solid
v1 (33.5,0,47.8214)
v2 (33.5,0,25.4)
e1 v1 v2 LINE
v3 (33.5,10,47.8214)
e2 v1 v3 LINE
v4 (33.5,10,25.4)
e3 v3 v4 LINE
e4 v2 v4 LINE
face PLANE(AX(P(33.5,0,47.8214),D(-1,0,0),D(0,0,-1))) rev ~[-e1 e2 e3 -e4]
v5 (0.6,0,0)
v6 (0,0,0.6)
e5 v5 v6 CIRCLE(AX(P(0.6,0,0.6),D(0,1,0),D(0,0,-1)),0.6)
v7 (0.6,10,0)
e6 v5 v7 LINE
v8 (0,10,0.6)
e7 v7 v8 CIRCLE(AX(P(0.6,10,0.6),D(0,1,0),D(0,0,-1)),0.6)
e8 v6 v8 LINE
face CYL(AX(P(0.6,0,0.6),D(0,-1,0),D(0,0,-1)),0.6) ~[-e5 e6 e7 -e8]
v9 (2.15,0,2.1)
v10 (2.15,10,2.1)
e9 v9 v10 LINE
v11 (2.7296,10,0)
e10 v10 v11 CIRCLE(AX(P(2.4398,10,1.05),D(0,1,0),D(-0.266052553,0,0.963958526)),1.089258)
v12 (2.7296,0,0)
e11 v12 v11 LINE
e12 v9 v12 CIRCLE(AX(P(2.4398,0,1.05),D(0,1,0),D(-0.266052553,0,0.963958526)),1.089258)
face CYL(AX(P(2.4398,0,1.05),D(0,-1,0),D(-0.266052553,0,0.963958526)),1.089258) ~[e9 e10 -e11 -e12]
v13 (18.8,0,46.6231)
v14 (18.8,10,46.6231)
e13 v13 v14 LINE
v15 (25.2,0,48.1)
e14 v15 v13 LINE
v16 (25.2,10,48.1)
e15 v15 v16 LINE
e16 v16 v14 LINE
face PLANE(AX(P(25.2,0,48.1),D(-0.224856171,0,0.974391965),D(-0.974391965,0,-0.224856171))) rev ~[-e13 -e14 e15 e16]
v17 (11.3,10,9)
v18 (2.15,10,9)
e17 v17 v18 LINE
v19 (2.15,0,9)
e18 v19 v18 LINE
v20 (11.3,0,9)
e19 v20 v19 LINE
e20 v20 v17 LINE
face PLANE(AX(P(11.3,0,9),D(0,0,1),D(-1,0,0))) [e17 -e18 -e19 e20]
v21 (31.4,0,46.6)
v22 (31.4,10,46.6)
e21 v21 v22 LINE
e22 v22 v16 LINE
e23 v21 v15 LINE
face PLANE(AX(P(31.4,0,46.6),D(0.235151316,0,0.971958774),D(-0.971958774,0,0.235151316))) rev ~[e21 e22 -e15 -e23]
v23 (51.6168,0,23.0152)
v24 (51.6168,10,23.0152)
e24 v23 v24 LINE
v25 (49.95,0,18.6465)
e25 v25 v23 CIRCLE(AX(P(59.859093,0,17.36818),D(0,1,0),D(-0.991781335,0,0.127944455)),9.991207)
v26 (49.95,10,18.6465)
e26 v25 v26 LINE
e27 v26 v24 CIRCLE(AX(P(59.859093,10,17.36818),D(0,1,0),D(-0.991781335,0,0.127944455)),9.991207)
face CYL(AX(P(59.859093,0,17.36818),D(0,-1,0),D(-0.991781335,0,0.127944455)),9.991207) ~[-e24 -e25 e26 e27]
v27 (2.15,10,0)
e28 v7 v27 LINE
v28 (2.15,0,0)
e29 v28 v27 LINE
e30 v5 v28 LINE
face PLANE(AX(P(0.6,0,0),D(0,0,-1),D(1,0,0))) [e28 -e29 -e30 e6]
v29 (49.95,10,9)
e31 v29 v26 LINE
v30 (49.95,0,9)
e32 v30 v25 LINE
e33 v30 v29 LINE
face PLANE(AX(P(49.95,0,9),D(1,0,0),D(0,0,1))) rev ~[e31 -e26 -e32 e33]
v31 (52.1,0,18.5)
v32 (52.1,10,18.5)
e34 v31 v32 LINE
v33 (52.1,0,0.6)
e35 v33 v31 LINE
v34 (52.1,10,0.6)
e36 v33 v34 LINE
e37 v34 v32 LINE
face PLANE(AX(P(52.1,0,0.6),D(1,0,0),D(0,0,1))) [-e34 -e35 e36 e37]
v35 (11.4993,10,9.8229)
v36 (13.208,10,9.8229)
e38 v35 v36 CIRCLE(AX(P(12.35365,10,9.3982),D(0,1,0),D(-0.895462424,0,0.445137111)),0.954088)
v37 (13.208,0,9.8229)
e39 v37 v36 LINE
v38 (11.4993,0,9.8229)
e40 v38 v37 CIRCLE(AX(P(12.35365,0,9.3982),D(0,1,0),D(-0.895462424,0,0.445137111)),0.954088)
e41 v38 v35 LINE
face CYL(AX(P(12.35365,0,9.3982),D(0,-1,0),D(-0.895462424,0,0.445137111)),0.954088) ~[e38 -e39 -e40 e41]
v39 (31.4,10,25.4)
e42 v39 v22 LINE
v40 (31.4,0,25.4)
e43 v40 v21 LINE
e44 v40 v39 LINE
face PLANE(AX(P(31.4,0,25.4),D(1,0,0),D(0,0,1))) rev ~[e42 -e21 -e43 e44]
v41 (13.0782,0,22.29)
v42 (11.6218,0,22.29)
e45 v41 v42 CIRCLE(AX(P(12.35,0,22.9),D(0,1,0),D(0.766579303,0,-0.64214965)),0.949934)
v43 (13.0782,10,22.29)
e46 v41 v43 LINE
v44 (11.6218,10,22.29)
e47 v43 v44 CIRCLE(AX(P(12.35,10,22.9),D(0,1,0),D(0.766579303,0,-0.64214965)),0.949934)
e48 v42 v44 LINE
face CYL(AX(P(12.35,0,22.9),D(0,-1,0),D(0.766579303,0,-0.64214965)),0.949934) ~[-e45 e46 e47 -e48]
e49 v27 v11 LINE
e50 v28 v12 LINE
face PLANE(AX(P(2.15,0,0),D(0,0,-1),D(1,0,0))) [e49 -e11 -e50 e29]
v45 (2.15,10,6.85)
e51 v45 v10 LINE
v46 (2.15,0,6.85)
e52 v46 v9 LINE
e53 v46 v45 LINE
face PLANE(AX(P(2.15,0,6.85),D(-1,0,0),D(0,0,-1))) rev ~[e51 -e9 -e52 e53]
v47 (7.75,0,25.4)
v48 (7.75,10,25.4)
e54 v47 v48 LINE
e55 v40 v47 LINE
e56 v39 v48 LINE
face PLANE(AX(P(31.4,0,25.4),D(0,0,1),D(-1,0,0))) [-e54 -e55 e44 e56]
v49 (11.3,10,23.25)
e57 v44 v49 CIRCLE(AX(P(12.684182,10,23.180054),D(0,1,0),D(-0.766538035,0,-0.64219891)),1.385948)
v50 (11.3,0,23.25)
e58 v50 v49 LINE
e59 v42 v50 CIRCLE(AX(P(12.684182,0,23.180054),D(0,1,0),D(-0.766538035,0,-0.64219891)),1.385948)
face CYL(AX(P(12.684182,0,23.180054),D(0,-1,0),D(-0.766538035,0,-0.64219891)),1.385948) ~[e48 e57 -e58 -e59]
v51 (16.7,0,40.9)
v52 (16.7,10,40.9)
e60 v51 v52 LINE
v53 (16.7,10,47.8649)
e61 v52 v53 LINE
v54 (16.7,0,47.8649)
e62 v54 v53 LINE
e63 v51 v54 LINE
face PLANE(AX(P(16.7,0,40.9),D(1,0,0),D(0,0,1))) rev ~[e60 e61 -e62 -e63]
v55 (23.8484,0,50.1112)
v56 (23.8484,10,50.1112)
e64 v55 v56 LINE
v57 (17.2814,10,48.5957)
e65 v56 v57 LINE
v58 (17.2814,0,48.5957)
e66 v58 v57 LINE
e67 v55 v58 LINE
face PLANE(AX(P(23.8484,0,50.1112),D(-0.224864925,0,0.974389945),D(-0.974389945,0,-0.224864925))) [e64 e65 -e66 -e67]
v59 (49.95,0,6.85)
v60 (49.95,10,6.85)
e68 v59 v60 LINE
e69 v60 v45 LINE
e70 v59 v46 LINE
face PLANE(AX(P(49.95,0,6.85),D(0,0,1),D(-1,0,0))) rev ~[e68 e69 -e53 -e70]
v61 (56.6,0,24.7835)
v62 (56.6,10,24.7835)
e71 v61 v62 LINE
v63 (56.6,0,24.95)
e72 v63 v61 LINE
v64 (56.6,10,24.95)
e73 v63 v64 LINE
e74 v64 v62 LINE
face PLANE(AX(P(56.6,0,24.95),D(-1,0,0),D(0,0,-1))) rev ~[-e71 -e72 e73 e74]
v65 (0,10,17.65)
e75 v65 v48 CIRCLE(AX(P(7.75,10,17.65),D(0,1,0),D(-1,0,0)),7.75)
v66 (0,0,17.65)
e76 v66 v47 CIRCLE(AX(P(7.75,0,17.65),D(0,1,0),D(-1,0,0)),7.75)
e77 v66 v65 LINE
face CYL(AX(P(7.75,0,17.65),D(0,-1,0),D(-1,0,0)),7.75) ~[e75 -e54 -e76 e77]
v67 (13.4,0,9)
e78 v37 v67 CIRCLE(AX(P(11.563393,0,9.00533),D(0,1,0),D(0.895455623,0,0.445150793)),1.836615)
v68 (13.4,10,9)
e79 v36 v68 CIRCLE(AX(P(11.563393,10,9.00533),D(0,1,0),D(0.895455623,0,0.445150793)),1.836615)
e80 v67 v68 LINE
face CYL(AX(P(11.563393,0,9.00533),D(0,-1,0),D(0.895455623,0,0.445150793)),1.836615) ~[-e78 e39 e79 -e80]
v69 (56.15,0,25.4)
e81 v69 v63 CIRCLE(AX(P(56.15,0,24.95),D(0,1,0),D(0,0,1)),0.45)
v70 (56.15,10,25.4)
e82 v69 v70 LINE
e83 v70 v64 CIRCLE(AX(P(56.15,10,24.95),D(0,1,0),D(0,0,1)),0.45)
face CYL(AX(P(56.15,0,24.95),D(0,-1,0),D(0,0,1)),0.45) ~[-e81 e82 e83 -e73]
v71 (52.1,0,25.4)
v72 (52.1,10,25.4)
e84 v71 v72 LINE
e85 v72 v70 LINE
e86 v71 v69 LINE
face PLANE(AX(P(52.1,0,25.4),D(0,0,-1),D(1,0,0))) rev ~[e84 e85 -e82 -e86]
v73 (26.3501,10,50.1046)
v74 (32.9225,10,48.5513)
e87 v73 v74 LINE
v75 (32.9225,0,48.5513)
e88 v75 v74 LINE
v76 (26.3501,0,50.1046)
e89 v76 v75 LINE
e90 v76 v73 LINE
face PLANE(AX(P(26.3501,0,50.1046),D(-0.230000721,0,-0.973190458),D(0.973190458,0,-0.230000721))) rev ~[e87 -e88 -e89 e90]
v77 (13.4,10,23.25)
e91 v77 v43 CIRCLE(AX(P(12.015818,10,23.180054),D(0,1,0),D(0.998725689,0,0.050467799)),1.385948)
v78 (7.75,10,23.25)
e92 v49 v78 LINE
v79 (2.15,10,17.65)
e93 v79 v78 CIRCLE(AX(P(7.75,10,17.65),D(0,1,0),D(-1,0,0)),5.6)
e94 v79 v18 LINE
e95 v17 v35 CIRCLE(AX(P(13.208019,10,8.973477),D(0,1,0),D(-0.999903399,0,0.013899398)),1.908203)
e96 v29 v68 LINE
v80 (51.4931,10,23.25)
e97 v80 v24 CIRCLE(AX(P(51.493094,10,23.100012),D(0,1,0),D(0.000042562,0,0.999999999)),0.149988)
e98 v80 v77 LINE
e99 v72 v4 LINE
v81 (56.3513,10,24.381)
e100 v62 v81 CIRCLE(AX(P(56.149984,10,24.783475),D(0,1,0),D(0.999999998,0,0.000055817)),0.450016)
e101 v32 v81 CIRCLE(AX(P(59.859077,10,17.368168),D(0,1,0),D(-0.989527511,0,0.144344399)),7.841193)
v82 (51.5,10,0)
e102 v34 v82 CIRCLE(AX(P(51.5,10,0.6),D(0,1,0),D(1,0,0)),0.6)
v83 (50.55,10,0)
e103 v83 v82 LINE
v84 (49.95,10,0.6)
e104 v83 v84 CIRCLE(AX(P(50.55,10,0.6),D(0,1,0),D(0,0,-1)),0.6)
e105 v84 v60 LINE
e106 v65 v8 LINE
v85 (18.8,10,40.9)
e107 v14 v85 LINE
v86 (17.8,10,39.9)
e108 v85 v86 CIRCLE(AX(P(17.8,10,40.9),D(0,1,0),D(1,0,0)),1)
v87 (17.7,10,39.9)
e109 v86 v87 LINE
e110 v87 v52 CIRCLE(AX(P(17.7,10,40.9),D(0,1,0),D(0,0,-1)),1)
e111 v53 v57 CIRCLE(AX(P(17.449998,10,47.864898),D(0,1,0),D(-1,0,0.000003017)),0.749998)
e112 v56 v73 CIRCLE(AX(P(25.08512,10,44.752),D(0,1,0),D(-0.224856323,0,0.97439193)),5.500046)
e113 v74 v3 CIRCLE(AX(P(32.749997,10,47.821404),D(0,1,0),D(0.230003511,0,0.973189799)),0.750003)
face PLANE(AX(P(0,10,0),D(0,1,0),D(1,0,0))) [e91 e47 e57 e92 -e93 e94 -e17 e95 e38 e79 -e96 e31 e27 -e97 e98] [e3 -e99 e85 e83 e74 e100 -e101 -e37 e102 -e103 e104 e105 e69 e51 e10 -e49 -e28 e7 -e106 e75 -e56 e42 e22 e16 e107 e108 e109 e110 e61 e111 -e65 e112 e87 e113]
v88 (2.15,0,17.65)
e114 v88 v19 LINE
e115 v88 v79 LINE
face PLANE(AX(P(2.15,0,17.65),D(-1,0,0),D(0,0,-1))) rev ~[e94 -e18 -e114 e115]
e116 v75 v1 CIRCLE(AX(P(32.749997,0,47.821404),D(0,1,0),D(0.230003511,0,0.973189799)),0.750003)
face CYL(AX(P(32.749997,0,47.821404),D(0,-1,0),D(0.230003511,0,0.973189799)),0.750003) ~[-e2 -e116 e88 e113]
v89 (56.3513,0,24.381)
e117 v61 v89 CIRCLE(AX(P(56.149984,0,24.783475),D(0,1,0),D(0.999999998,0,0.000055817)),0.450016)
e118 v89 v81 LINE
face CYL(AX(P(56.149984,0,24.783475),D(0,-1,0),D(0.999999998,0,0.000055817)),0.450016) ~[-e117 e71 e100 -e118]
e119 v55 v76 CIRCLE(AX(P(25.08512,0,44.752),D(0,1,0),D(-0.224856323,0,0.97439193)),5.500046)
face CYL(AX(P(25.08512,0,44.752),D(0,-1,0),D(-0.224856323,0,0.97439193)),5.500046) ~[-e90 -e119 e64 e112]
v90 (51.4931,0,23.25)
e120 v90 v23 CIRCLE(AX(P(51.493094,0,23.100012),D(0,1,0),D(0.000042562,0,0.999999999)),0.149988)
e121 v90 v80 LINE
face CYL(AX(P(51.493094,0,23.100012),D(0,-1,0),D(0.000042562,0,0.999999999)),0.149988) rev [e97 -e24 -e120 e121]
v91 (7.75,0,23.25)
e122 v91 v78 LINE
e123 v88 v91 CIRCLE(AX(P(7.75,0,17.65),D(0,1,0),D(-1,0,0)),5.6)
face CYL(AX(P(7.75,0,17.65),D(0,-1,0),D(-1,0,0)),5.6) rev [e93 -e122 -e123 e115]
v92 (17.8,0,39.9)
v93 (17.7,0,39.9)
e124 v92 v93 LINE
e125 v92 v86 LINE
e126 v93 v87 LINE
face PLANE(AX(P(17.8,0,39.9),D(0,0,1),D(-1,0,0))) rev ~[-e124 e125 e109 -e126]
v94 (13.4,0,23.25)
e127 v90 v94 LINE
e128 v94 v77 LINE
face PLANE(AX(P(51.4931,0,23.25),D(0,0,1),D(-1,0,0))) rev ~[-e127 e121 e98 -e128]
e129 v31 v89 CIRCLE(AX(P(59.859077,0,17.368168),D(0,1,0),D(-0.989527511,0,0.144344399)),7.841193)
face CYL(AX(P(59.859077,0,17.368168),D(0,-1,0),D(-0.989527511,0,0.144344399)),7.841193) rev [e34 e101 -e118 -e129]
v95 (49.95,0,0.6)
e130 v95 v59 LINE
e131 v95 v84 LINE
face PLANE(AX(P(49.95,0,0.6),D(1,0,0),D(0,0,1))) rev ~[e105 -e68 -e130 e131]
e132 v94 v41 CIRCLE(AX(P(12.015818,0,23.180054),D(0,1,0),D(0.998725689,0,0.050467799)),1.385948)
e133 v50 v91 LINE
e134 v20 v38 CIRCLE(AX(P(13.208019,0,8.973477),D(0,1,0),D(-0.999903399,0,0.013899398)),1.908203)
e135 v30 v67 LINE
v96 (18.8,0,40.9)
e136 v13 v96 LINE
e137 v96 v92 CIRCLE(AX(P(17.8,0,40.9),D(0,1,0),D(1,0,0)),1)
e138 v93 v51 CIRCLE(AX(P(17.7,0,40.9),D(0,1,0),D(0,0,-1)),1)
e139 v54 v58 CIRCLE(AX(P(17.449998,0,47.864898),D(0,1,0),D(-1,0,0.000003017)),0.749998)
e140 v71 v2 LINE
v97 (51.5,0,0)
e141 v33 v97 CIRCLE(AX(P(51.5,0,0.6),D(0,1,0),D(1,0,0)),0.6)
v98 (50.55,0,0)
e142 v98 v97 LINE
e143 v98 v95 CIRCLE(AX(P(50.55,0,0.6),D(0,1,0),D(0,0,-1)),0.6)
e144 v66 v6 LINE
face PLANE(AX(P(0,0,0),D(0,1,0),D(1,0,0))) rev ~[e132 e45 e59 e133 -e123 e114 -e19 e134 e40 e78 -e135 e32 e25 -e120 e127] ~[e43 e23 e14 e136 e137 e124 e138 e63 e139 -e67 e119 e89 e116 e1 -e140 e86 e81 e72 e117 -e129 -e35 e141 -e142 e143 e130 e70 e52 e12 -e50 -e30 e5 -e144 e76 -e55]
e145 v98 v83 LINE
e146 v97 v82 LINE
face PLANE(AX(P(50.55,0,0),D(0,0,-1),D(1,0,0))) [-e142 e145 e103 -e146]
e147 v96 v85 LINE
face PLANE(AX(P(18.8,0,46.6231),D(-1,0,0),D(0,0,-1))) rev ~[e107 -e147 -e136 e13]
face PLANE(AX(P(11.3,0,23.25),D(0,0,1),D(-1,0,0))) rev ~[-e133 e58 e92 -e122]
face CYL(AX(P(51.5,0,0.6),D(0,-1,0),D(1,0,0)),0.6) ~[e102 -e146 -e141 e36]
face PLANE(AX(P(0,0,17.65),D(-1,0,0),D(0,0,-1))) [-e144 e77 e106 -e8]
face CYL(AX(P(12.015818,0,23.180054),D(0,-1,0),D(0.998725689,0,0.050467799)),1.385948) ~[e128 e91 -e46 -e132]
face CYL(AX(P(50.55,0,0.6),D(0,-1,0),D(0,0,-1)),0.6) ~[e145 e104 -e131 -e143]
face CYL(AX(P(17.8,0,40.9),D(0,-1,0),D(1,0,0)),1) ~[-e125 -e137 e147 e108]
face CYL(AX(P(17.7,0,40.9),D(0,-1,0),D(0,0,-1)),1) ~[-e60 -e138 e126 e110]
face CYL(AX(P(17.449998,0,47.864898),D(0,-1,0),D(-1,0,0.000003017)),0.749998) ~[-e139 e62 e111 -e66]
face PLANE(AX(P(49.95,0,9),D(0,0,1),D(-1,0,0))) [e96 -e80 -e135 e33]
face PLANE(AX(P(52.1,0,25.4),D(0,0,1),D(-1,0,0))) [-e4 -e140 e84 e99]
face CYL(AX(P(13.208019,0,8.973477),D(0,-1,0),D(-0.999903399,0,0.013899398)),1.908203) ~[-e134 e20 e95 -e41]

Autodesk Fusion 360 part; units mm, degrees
sketch "Boceto1" plane through (0, 0, 0) normal (0, 1, 0) x (1, 0, 0)
  line L0 (52.1, -0.6) -> (52.1, -18.5)
  line L1 (0, -17.65) -> (0, -0.6)
  line L2 (2.15, 0) -> (2.7296, 0)
  line L3 (49.95, -0.6) -> (49.95, -6.85)
  line L4 (49.95, -6.85) -> (2.15, -6.85)
  line L5 (2.15, -6.85) -> (2.15, -2.1)
  arc A0 (2.15, -2.1) -> (2.7296, 0) centre (2.4398, -1.05) ccw
  line L6 (0.6, 0) -> (2.7296, 0)
  line L7 (50.55, 0) -> (51.5, 0)
  arc A1 (0.6, 0) -> (0, -0.6) centre (0.6, -0.6) ccw
  arc A2 (50.55, 0) -> (49.95, -0.6) centre (50.55, -0.6) ccw
  arc A3 (52.1, -0.6) -> (51.5, 0) centre (51.5, -0.6) ccw
  arc A4 (0, -17.65) -> (7.75, -25.4) centre (7.75, -17.65) ccw
  line L8 (52.1, -25.4) -> (56.15, -25.4)
  line L9 (56.6, -24.95) -> (56.6, -24.7835)
  arc A5 (52.1, -18.5) -> (56.3513, -24.381) centre (59.8591, -17.3682) ccw
  arc A6 (56.15, -25.4) -> (56.6, -24.95) centre (56.15, -24.95) ccw
  arc A7 (56.6, -24.7835) -> (56.3513, -24.381) centre (56.15, -24.7835) ccw
  line L10 (2.15, -17.65) -> (2.15, -9)
  arc A8 (2.15, -17.65) -> (7.75, -23.25) centre (7.75, -17.65) ccw
  arc A9 (49.95, -18.6465) -> (51.6168, -23.0152) centre (59.8591, -17.3682) ccw
  line L11 (49.95, -9) -> (49.95, -18.6465)
  arc A10 (51.4931, -23.25) -> (51.6168, -23.0152) centre (51.4931, -23.1) ccw
  arc A11 (11.3, -9) -> (11.4993, -9.8229) centre (13.208, -8.9734) ccw
  line L12 (11.4993, -9.8229) -> (13.208, -9.8229) construction
  arc A12 (13.208, -9.8229) -> (13.4, -9) centre (11.5634, -9.0053) ccw
  arc A13 (11.4993, -9.8229) -> (13.208, -9.8229) centre (12.3537, -9.3982) ccw
  line L13 (49.95, -9) -> (13.4, -9)
  line L14 (11.3, -9) -> (2.15, -9)
  arc A14 (11.6218, -22.29) -> (11.3, -23.25) centre (12.6842, -23.18) ccw
  arc A15 (13.4, -23.25) -> (13.0782, -22.29) centre (12.0158, -23.18) ccw
  arc A16 (13.0782, -22.29) -> (11.6218, -22.29) centre (12.35, -22.9) ccw
  line L15 (51.4931, -23.25) -> (13.4, -23.25)
  line L16 (11.3, -23.25) -> (7.75, -23.25)
  line L17 (31.4, -25.4) -> (31.4, -46.6)
  line L18 (31.4, -46.6) -> (25.2, -48.1)
  line L19 (25.2, -48.1) -> (18.8, -46.6231)
  line L20 (18.8, -46.6231) -> (18.8, -40.9)
  line L21 (17.8, -39.9) -> (17.7, -39.9)
  line L22 (16.7, -40.9) -> (16.7, -47.8649)
  arc A17 (18.8, -40.9) -> (17.8, -39.9) centre (17.8, -40.9) ccw
  arc A18 (17.7, -39.9) -> (16.7, -40.9) centre (17.7, -40.9) ccw
  line L23 (23.8484, -50.1112) -> (17.2814, -48.5957)
  line L24 (26.3501, -50.1046) -> (32.9225, -48.5513)
  line L25 (33.5, -47.8214) -> (33.5, -25.4)
  line L26 (52.1, -25.4) -> (33.5, -25.4)
  line L27 (31.4, -25.4) -> (7.75, -25.4)
  arc A19 (16.7, -47.8649) -> (17.2814, -48.5957) centre (17.45, -47.8649) ccw
  arc A20 (32.9225, -48.5513) -> (33.5, -47.8214) centre (32.75, -47.8214) ccw
  arc A21 (23.8484, -50.1112) -> (26.3501, -50.1046) centre (25.0851, -44.752) ccw
  dimension "d1" = 0.6
  dimension "d2" = 7.75
  dimension "d3" = 0.45
  dimension "d5" = 0.15
  dimension "d6" = 1
  dimension "d7" = 0.75
  dimension "d8" = 5.5
extrude "Extruir1" add sketch "Boceto1" along normal blind 10
equation "L = 10 mm"
equation "d10 = L"
